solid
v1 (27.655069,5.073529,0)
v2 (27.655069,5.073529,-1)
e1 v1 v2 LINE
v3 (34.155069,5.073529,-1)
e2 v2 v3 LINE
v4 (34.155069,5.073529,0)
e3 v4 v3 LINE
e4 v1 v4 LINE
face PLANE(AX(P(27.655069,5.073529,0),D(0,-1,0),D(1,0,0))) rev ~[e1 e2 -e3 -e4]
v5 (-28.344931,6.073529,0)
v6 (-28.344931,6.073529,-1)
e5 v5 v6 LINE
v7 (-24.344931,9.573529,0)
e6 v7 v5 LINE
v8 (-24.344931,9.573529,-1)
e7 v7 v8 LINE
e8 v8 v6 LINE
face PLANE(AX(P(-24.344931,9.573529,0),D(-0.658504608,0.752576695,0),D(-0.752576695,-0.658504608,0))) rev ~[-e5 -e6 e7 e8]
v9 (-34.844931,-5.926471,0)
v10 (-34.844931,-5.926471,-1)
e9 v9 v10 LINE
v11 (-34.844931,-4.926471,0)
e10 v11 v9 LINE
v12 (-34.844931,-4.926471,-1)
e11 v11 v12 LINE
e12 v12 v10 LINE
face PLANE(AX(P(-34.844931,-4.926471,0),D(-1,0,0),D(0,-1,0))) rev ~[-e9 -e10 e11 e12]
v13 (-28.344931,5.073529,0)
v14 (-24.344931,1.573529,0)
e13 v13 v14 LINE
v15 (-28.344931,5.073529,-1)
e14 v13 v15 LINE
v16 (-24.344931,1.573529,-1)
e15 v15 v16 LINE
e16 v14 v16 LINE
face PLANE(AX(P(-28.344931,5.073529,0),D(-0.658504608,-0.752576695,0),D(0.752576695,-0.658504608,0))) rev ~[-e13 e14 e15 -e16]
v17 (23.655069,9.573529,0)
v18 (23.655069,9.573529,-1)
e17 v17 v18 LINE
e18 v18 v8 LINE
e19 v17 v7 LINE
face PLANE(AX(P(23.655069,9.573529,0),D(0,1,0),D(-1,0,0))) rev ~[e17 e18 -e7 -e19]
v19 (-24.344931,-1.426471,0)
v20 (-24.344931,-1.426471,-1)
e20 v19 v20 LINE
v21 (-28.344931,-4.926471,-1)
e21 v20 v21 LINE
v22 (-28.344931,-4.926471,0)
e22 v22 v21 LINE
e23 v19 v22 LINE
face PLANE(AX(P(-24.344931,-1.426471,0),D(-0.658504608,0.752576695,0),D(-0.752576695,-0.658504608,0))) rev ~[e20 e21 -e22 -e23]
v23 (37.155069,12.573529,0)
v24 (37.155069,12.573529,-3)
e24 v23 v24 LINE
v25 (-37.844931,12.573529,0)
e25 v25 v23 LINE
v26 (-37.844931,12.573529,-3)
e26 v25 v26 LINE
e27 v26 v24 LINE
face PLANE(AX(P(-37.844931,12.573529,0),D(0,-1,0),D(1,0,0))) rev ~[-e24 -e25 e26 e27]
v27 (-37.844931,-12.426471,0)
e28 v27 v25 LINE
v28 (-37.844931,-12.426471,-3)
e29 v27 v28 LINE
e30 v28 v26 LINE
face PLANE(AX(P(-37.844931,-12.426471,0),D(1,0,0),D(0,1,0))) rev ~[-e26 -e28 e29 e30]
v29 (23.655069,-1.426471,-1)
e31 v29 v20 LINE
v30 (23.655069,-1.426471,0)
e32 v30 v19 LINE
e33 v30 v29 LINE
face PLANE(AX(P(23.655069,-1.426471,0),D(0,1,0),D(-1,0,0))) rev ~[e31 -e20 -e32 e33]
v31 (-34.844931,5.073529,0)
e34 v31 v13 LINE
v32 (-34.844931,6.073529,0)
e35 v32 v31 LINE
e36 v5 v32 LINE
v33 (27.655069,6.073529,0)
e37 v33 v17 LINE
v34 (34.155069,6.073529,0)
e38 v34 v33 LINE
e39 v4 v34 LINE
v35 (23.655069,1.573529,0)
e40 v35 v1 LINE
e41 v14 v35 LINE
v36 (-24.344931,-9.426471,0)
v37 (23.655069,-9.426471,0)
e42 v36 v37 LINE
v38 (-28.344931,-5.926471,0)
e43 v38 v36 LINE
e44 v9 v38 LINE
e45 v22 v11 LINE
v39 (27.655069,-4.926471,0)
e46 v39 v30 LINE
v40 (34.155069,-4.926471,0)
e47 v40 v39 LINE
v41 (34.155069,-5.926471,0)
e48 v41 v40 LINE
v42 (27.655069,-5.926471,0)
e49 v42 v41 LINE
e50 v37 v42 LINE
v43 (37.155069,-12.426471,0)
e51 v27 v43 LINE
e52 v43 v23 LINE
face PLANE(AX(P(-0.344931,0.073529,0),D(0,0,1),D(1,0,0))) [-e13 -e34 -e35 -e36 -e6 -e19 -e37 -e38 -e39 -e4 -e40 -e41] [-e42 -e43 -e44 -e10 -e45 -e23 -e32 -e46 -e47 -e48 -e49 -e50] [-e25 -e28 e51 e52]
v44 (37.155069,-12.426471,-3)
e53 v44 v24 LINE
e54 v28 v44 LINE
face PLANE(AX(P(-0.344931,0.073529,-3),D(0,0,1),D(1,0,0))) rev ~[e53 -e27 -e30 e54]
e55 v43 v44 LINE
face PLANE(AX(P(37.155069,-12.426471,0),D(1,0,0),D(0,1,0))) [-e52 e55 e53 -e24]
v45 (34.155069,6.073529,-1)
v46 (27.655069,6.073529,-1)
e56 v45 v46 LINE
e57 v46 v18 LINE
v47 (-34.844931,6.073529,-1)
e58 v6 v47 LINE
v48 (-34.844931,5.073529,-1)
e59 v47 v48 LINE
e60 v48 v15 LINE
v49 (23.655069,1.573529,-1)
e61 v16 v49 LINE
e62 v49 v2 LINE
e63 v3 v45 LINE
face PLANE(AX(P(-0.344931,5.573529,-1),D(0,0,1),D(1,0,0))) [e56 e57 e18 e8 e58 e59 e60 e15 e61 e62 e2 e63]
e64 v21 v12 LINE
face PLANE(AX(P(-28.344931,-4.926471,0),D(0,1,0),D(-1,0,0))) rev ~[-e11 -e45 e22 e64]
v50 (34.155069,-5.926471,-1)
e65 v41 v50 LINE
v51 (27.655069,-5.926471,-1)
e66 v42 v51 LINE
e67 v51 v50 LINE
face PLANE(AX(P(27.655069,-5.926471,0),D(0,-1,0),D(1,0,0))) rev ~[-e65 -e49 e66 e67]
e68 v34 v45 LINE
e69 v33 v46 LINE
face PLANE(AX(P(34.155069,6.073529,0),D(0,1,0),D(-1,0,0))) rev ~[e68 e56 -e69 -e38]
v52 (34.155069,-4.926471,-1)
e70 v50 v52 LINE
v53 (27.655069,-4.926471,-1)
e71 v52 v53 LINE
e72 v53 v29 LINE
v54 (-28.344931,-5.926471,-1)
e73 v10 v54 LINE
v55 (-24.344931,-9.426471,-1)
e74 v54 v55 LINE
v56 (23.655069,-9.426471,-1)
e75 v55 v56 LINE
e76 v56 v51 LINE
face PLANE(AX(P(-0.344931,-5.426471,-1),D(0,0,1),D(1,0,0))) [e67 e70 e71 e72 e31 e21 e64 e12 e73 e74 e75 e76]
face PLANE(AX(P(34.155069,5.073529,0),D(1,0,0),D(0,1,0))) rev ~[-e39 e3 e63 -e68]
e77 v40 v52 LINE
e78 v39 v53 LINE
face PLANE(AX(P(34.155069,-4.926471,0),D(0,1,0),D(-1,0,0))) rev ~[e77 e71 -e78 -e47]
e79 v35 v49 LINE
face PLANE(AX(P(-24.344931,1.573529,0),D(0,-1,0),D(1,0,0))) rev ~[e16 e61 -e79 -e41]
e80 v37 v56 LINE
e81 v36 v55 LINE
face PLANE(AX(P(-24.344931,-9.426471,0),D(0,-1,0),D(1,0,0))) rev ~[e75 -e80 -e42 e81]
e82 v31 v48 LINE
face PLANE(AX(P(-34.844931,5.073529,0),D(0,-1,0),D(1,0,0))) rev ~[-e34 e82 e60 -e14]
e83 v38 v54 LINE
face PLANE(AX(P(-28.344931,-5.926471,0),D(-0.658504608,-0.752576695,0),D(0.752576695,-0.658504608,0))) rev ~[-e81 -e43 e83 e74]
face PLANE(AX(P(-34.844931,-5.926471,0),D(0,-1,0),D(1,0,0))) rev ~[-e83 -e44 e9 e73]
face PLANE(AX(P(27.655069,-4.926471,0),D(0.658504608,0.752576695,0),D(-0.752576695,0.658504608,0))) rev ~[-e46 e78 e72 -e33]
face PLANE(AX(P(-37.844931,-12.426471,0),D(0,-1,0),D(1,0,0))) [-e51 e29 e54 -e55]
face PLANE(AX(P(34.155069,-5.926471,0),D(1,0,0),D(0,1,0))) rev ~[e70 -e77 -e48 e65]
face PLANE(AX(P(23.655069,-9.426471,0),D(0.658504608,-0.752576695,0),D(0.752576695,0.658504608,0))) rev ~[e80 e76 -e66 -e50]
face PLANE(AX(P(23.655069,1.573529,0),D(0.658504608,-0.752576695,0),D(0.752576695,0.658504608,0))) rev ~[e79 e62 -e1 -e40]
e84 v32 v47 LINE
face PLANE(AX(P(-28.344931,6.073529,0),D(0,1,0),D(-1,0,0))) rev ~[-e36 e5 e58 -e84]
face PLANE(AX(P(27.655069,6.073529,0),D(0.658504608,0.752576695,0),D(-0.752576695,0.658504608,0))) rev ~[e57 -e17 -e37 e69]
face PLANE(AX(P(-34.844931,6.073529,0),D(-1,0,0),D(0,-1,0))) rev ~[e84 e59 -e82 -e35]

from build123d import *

# Parameters (mm, degrees)
F0_W     = 75
F0_H     = 25
F1_DEPTH = 3
F2_DEPTH = 1


with BuildPart() as f1:
    # F0 (on Top) → F1 (new body)
    with BuildSketch(Plane.XY):
        with Locations((-0.3449308872, 0.0735294118)):
            Rectangle(F0_W, F0_H)
        with BuildLine():
            ThreePointArc((-29.8784137004, -5.9264705882), (-37.3449308872, -5.4264705882), (-29.8784137004, -4.9264705882))
            Line((-29.8784137004, -4.9264705882), (-28.3449308872, -4.9264705882))
            Line((-28.3449308872, -4.9264705882), (-24.3449308872, -1.4264705882))
            Line((-24.3449308872, -1.4264705882), (23.6550691128, -1.4264705882))
            Line((23.6550691128, -1.4264705882), (27.6550691128, -4.9264705882))
            Line((27.6550691128, -4.9264705882), (29.1885519259, -4.9264705882))
            ThreePointArc((29.1885519259, -4.9264705882), (33.1556290351, -1.6848506549), (36.6550691128, -5.4264705882))
            ThreePointArc((36.6550691128, -5.4264705882), (33.1556290351, -9.1680905215), (29.1885519259, -5.9264705882))
            Line((29.1885519259, -5.9264705882), (27.6550691128, -5.9264705882))
            Line((27.6550691128, -5.9264705882), (23.6550691128, -9.4264705882))
            Line((23.6550691128, -9.4264705882), (-24.3449308872, -9.4264705882))
            Line((-24.3449308872, -9.4264705882), (-28.3449308872, -5.9264705882))
            Line((-28.3449308872, -5.9264705882), (-29.8784137004, -5.9264705882))
        make_face(mode=Mode.SUBTRACT)
        with BuildLine():
            ThreePointArc((-29.8784137004, 5.0735294118), (-37.3449308872, 5.5735294118), (-29.8784137004, 6.0735294118))
            Line((-29.8784137004, 6.0735294118), (-28.3449308872, 6.0735294118))
            Line((-28.3449308872, 6.0735294118), (-24.3449308872, 9.5735294118))
            Line((-24.3449308872, 9.5735294118), (23.6550691128, 9.5735294118))
            Line((23.6550691128, 9.5735294118), (27.6550691128, 6.0735294118))
            Line((27.6550691128, 6.0735294118), (29.1885519259, 6.0735294118))
            ThreePointArc((29.1885519259, 6.0735294118), (33.1556290351, 9.3151493451), (36.6550691128, 5.5735294118))
            ThreePointArc((36.6550691128, 5.5735294118), (33.1556290351, 1.8319094785), (29.1885519259, 5.0735294118))
            Line((29.1885519259, 5.0735294118), (27.6550691128, 5.0735294118))
            Line((27.6550691128, 5.0735294118), (23.6550691128, 1.5735294118))
            Line((23.6550691128, 1.5735294118), (-24.3449308872, 1.5735294118))
            Line((-24.3449308872, 1.5735294118), (-28.3449308872, 5.0735294118))
            Line((-28.3449308872, 5.0735294118), (-29.8784137004, 5.0735294118))
        make_face(mode=Mode.SUBTRACT)
        Polygon((-24.3449308872, -1.4264705882), (-28.3449308872, -4.9264705882), (-28.3449308872, -5.9264705882), (-24.3449308872, -9.4264705882), (23.6550691128, -9.4264705882), (27.6550691128, -5.9264705882), (27.6550691128, -4.9264705882), (23.6550691128, -1.4264705882), align=None)
        Polygon((-24.3449308872, 9.5735294118), (-28.3449308872, 6.0735294118), (-28.3449308872, 5.0735294118), (-24.3449308872, 1.5735294118), (23.6550691128, 1.5735294118), (27.6550691128, 5.0735294118), (27.6550691128, 6.0735294118), (23.6550691128, 9.5735294118), align=None)
        with BuildLine():
            ThreePointArc((36.6550691128, 5.5735294118), (33.1556290351, 9.3151493451), (29.1885519259, 6.0735294118))
            Line((29.1885519259, 6.0735294118), (31.2280181297, 6.0735294118))
            ThreePointArc((31.2280181297, 6.0735294118), (33.1577158815, 7.3051961263), (34.6550691128, 5.5735294118))
            ThreePointArc((34.6550691128, 5.5735294118), (33.1577158815, 3.8418626972), (31.2280181297, 5.0735294118))
            Line((31.2280181297, 5.0735294118), (29.1885519259, 5.0735294118))
            ThreePointArc((29.1885519259, 5.0735294118), (33.1556290351, 1.8319094785), (36.6550691128, 5.5735294118))
        make_face()
        with BuildLine():
            ThreePointArc((34.6550691128, 5.5735294118), (33.1577158815, 7.3051961263), (31.2280181297, 6.0735294118))
            Line((31.2280181297, 6.0735294118), (34.1550691128, 6.0735294118))
            Line((34.1550691128, 6.0735294118), (34.1550691128, 5.0735294118))
            Line((34.1550691128, 5.0735294118), (31.2280181297, 5.0735294118))
            ThreePointArc((31.2280181297, 5.0735294118), (33.1577158815, 3.8418626972), (34.6550691128, 5.5735294118))
        make_face()
        with BuildLine():
            Line((34.1550691128, 6.0735294118), (31.2280181297, 6.0735294118))
            ThreePointArc((31.2280181297, 6.0735294118), (31.1550691128, 5.5735294118), (31.2280181297, 5.0735294118))
            Line((31.2280181297, 5.0735294118), (34.1550691128, 5.0735294118))
            Line((34.1550691128, 5.0735294118), (34.1550691128, 6.0735294118))
        make_face()
        with BuildLine():
            Line((31.2280181297, 6.0735294118), (29.1885519259, 6.0735294118))
            ThreePointArc((29.1885519259, 6.0735294118), (29.1550691128, 5.5735294118), (29.1885519259, 5.0735294118))
            Line((29.1885519259, 5.0735294118), (31.2280181297, 5.0735294118))
            ThreePointArc((31.2280181297, 5.0735294118), (31.1550691128, 5.5735294118), (31.2280181297, 6.0735294118))
        make_face()
        with BuildLine():
            ThreePointArc((36.6550691128, -5.4264705882), (33.1556290351, -1.6848506549), (29.1885519259, -4.9264705882))
            Line((29.1885519259, -4.9264705882), (31.2280181297, -4.9264705882))
            ThreePointArc((31.2280181297, -4.9264705882), (33.1577158815, -3.6948038737), (34.6550691128, -5.4264705882))
            ThreePointArc((34.6550691128, -5.4264705882), (33.1577158815, -7.1581373028), (31.2280181297, -5.9264705882))
            Line((31.2280181297, -5.9264705882), (29.1885519259, -5.9264705882))
            ThreePointArc((29.1885519259, -5.9264705882), (33.1556290351, -9.1680905215), (36.6550691128, -5.4264705882))
        make_face()
        with BuildLine():
            ThreePointArc((34.6550691128, -5.4264705882), (33.1577158815, -3.6948038737), (31.2280181297, -4.9264705882))
            Line((31.2280181297, -4.9264705882), (34.1550691128, -4.9264705882))
            Line((34.1550691128, -4.9264705882), (34.1550691128, -5.9264705882))
            Line((34.1550691128, -5.9264705882), (31.2280181297, -5.9264705882))
            ThreePointArc((31.2280181297, -5.9264705882), (33.1577158815, -7.1581373028), (34.6550691128, -5.4264705882))
        make_face()
        with BuildLine():
            Line((34.1550691128, -4.9264705882), (31.2280181297, -4.9264705882))
            ThreePointArc((31.2280181297, -4.9264705882), (31.1550691128, -5.4264705882), (31.2280181297, -5.9264705882))
            Line((31.2280181297, -5.9264705882), (34.1550691128, -5.9264705882))
            Line((34.1550691128, -5.9264705882), (34.1550691128, -4.9264705882))
        make_face()
        with BuildLine():
            Line((31.2280181297, -4.9264705882), (29.1885519259, -4.9264705882))
            ThreePointArc((29.1885519259, -4.9264705882), (29.1550691128, -5.4264705882), (29.1885519259, -5.9264705882))
            Line((29.1885519259, -5.9264705882), (31.2280181297, -5.9264705882))
            ThreePointArc((31.2280181297, -5.9264705882), (31.1550691128, -5.4264705882), (31.2280181297, -4.9264705882))
        make_face()
        with BuildLine():
            ThreePointArc((-31.9178799041, -5.9264705882), (-35.3449308872, -5.4264705882), (-31.9178799041, -4.9264705882))
            Line((-31.9178799041, -4.9264705882), (-29.8784137004, -4.9264705882))
            ThreePointArc((-29.8784137004, -4.9264705882), (-37.3449308872, -5.4264705882), (-29.8784137004, -5.9264705882))
            Line((-29.8784137004, -5.9264705882), (-31.9178799041, -5.9264705882))
        make_face()
        with BuildLine():
            Line((-29.8784137004, -4.9264705882), (-31.9178799041, -4.9264705882))
            ThreePointArc((-31.9178799041, -4.9264705882), (-31.8632641727, -5.1738238195), (-31.8449308872, -5.4264705882))
            ThreePointArc((-31.8449308872, -5.4264705882), (-31.8632641727, -5.679117357), (-31.9178799041, -5.9264705882))
            Line((-31.9178799041, -5.9264705882), (-29.8784137004, -5.9264705882))
            ThreePointArc((-29.8784137004, -5.9264705882), (-29.8533109539, -5.6770305106), (-29.8449308872, -5.4264705882))
            ThreePointArc((-29.8449308872, -5.4264705882), (-29.8533109539, -5.1759106659), (-29.8784137004, -4.9264705882))
        make_face()
        with BuildLine():
            Line((-34.8449308872, -5.9264705882), (-34.8449308872, -4.9264705882))
            Line((-34.8449308872, -4.9264705882), (-31.9178799041, -4.9264705882))
            ThreePointArc((-31.9178799041, -4.9264705882), (-35.3449308872, -5.4264705882), (-31.9178799041, -5.9264705882))
            Line((-31.9178799041, -5.9264705882), (-34.8449308872, -5.9264705882))
        make_face()
        with BuildLine():
            Line((-31.9178799041, -4.9264705882), (-34.8449308872, -4.9264705882))
            Line((-34.8449308872, -4.9264705882), (-34.8449308872, -5.9264705882))
            Line((-34.8449308872, -5.9264705882), (-31.9178799041, -5.9264705882))
            ThreePointArc((-31.9178799041, -5.9264705882), (-31.8632641727, -5.679117357), (-31.8449308872, -5.4264705882))
            ThreePointArc((-31.8449308872, -5.4264705882), (-31.8632641727, -5.1738238195), (-31.9178799041, -4.9264705882))
        make_face()
        with BuildLine():
            ThreePointArc((-31.9178799041, 5.0735294118), (-35.3449308872, 5.5735294118), (-31.9178799041, 6.0735294118))
            Line((-31.9178799041, 6.0735294118), (-29.8784137004, 6.0735294118))
            ThreePointArc((-29.8784137004, 6.0735294118), (-37.3449308872, 5.5735294118), (-29.8784137004, 5.0735294118))
            Line((-29.8784137004, 5.0735294118), (-31.9178799041, 5.0735294118))
        make_face()
        with BuildLine():
            Line((-29.8784137004, 6.0735294118), (-31.9178799041, 6.0735294118))
            ThreePointArc((-31.9178799041, 6.0735294118), (-31.8632641727, 5.8261761805), (-31.8449308872, 5.5735294118))
            ThreePointArc((-31.8449308872, 5.5735294118), (-31.8632641727, 5.320882643), (-31.9178799041, 5.0735294118))
            Line((-31.9178799041, 5.0735294118), (-29.8784137004, 5.0735294118))
            ThreePointArc((-29.8784137004, 5.0735294118), (-29.8533109539, 5.3229694894), (-29.8449308872, 5.5735294118))
            ThreePointArc((-29.8449308872, 5.5735294118), (-29.8533109539, 5.8240893341), (-29.8784137004, 6.0735294118))
        make_face()
        with BuildLine():
            Line((-34.8449308872, 5.0735294118), (-34.8449308872, 6.0735294118))
            Line((-34.8449308872, 6.0735294118), (-31.9178799041, 6.0735294118))
            ThreePointArc((-31.9178799041, 6.0735294118), (-35.3449308872, 5.5735294118), (-31.9178799041, 5.0735294118))
            Line((-31.9178799041, 5.0735294118), (-34.8449308872, 5.0735294118))
        make_face()
        with BuildLine():
            Line((-31.9178799041, 6.0735294118), (-34.8449308872, 6.0735294118))
            Line((-34.8449308872, 6.0735294118), (-34.8449308872, 5.0735294118))
            Line((-34.8449308872, 5.0735294118), (-31.9178799041, 5.0735294118))
            ThreePointArc((-31.9178799041, 5.0735294118), (-31.8632641727, 5.320882643), (-31.8449308872, 5.5735294118))
            ThreePointArc((-31.8449308872, 5.5735294118), (-31.8632641727, 5.8261761805), (-31.9178799041, 6.0735294118))
        make_face()
        with BuildLine():
            Line((29.1885519259, 6.0735294118), (27.6550691128, 6.0735294118))
            Line((27.6550691128, 6.0735294118), (27.6550691128, 5.0735294118))
            Line((27.6550691128, 5.0735294118), (29.1885519259, 5.0735294118))
            ThreePointArc((29.1885519259, 5.0735294118), (29.1550691128, 5.5735294118), (29.1885519259, 6.0735294118))
        make_face()
        with BuildLine():
            Line((29.1885519259, -4.9264705882), (27.6550691128, -4.9264705882))
            Line((27.6550691128, -4.9264705882), (27.6550691128, -5.9264705882))
            Line((27.6550691128, -5.9264705882), (29.1885519259, -5.9264705882))
            ThreePointArc((29.1885519259, -5.9264705882), (29.1550691128, -5.4264705882), (29.1885519259, -4.9264705882))
        make_face()
        with BuildLine():
            Line((-28.3449308872, 6.0735294118), (-29.8784137004, 6.0735294118))
            ThreePointArc((-29.8784137004, 6.0735294118), (-29.8533109539, 5.8240893341), (-29.8449308872, 5.5735294118))
            ThreePointArc((-29.8449308872, 5.5735294118), (-29.8533109539, 5.3229694894), (-29.8784137004, 5.0735294118))
            Line((-29.8784137004, 5.0735294118), (-28.3449308872, 5.0735294118))
            Line((-28.3449308872, 5.0735294118), (-28.3449308872, 6.0735294118))
        make_face()
        with BuildLine():
            Line((-28.3449308872, -4.9264705882), (-29.8784137004, -4.9264705882))
            ThreePointArc((-29.8784137004, -4.9264705882), (-29.8533109539, -5.1759106659), (-29.8449308872, -5.4264705882))
            ThreePointArc((-29.8449308872, -5.4264705882), (-29.8533109539, -5.6770305106), (-29.8784137004, -5.9264705882))
            Line((-29.8784137004, -5.9264705882), (-28.3449308872, -5.9264705882))
            Line((-28.3449308872, -5.9264705882), (-28.3449308872, -4.9264705882))
        make_face()
    extrude(amount=-F1_DEPTH)

    # F0 (on Top) → F2 (cut)
    with BuildSketch(Plane.XY):
        Polygon((-24.3449308872, -1.4264705882), (-28.3449308872, -4.9264705882), (-28.3449308872, -5.9264705882), (-24.3449308872, -9.4264705882), (23.6550691128, -9.4264705882), (27.6550691128, -5.9264705882), (27.6550691128, -4.9264705882), (23.6550691128, -1.4264705882), align=None)
        Polygon((-24.3449308872, 9.5735294118), (-28.3449308872, 6.0735294118), (-28.3449308872, 5.0735294118), (-24.3449308872, 1.5735294118), (23.6550691128, 1.5735294118), (27.6550691128, 5.0735294118), (27.6550691128, 6.0735294118), (23.6550691128, 9.5735294118), align=None)
        with BuildLine():
            Line((31.2280181297, -4.9264705882), (29.1885519259, -4.9264705882))
            ThreePointArc((29.1885519259, -4.9264705882), (29.1550691128, -5.4264705882), (29.1885519259, -5.9264705882))
            Line((29.1885519259, -5.9264705882), (31.2280181297, -5.9264705882))
            ThreePointArc((31.2280181297, -5.9264705882), (31.1550691128, -5.4264705882), (31.2280181297, -4.9264705882))
        make_face()
        with BuildLine():
            Line((34.1550691128, -4.9264705882), (31.2280181297, -4.9264705882))
            ThreePointArc((31.2280181297, -4.9264705882), (31.1550691128, -5.4264705882), (31.2280181297, -5.9264705882))
            Line((31.2280181297, -5.9264705882), (34.1550691128, -5.9264705882))
            Line((34.1550691128, -5.9264705882), (34.1550691128, -4.9264705882))
        make_face()
        with BuildLine():
            Line((31.2280181297, 6.0735294118), (29.1885519259, 6.0735294118))
            ThreePointArc((29.1885519259, 6.0735294118), (29.1550691128, 5.5735294118), (29.1885519259, 5.0735294118))
            Line((29.1885519259, 5.0735294118), (31.2280181297, 5.0735294118))
            ThreePointArc((31.2280181297, 5.0735294118), (31.1550691128, 5.5735294118), (31.2280181297, 6.0735294118))
        make_face()
        with BuildLine():
            Line((34.1550691128, 6.0735294118), (31.2280181297, 6.0735294118))
            ThreePointArc((31.2280181297, 6.0735294118), (31.1550691128, 5.5735294118), (31.2280181297, 5.0735294118))
            Line((31.2280181297, 5.0735294118), (34.1550691128, 5.0735294118))
            Line((34.1550691128, 5.0735294118), (34.1550691128, 6.0735294118))
        make_face()
        with BuildLine():
            Line((-31.9178799041, -4.9264705882), (-34.8449308872, -4.9264705882))
            Line((-34.8449308872, -4.9264705882), (-34.8449308872, -5.9264705882))
            Line((-34.8449308872, -5.9264705882), (-31.9178799041, -5.9264705882))
            ThreePointArc((-31.9178799041, -5.9264705882), (-31.8632641727, -5.679117357), (-31.8449308872, -5.4264705882))
            ThreePointArc((-31.8449308872, -5.4264705882), (-31.8632641727, -5.1738238195), (-31.9178799041, -4.9264705882))
        make_face()
        with BuildLine():
            Line((-29.8784137004, -4.9264705882), (-31.9178799041, -4.9264705882))
            ThreePointArc((-31.9178799041, -4.9264705882), (-31.8632641727, -5.1738238195), (-31.8449308872, -5.4264705882))
            ThreePointArc((-31.8449308872, -5.4264705882), (-31.8632641727, -5.679117357), (-31.9178799041, -5.9264705882))
            Line((-31.9178799041, -5.9264705882), (-29.8784137004, -5.9264705882))
            ThreePointArc((-29.8784137004, -5.9264705882), (-29.8533109539, -5.6770305106), (-29.8449308872, -5.4264705882))
            ThreePointArc((-29.8449308872, -5.4264705882), (-29.8533109539, -5.1759106659), (-29.8784137004, -4.9264705882))
        make_face()
        with BuildLine():
            Line((-29.8784137004, 6.0735294118), (-31.9178799041, 6.0735294118))
            ThreePointArc((-31.9178799041, 6.0735294118), (-31.8632641727, 5.8261761805), (-31.8449308872, 5.5735294118))
            ThreePointArc((-31.8449308872, 5.5735294118), (-31.8632641727, 5.320882643), (-31.9178799041, 5.0735294118))
            Line((-31.9178799041, 5.0735294118), (-29.8784137004, 5.0735294118))
            ThreePointArc((-29.8784137004, 5.0735294118), (-29.8533109539, 5.3229694894), (-29.8449308872, 5.5735294118))
            ThreePointArc((-29.8449308872, 5.5735294118), (-29.8533109539, 5.8240893341), (-29.8784137004, 6.0735294118))
        make_face()
        with BuildLine():
            Line((-31.9178799041, 6.0735294118), (-34.8449308872, 6.0735294118))
            Line((-34.8449308872, 6.0735294118), (-34.8449308872, 5.0735294118))
            Line((-34.8449308872, 5.0735294118), (-31.9178799041, 5.0735294118))
            ThreePointArc((-31.9178799041, 5.0735294118), (-31.8632641727, 5.320882643), (-31.8449308872, 5.5735294118))
            ThreePointArc((-31.8449308872, 5.5735294118), (-31.8632641727, 5.8261761805), (-31.9178799041, 6.0735294118))
        make_face()
        with BuildLine():
            Line((-28.3449308872, 6.0735294118), (-29.8784137004, 6.0735294118))
            ThreePointArc((-29.8784137004, 6.0735294118), (-29.8533109539, 5.8240893341), (-29.8449308872, 5.5735294118))
            ThreePointArc((-29.8449308872, 5.5735294118), (-29.8533109539, 5.3229694894), (-29.8784137004, 5.0735294118))
            Line((-29.8784137004, 5.0735294118), (-28.3449308872, 5.0735294118))
            Line((-28.3449308872, 5.0735294118), (-28.3449308872, 6.0735294118))
        make_face()
        with BuildLine():
            Line((-28.3449308872, -4.9264705882), (-29.8784137004, -4.9264705882))
            ThreePointArc((-29.8784137004, -4.9264705882), (-29.8533109539, -5.1759106659), (-29.8449308872, -5.4264705882))
            ThreePointArc((-29.8449308872, -5.4264705882), (-29.8533109539, -5.6770305106), (-29.8784137004, -5.9264705882))
            Line((-29.8784137004, -5.9264705882), (-28.3449308872, -5.9264705882))
            Line((-28.3449308872, -5.9264705882), (-28.3449308872, -4.9264705882))
        make_face()
        with BuildLine():
            Line((29.1885519259, 6.0735294118), (27.6550691128, 6.0735294118))
            Line((27.6550691128, 6.0735294118), (27.6550691128, 5.0735294118))
            Line((27.6550691128, 5.0735294118), (29.1885519259, 5.0735294118))
            ThreePointArc((29.1885519259, 5.0735294118), (29.1550691128, 5.5735294118), (29.1885519259, 6.0735294118))
        make_face()
        with BuildLine():
            Line((29.1885519259, -4.9264705882), (27.6550691128, -4.9264705882))
            Line((27.6550691128, -4.9264705882), (27.6550691128, -5.9264705882))
            Line((27.6550691128, -5.9264705882), (29.1885519259, -5.9264705882))
            ThreePointArc((29.1885519259, -5.9264705882), (29.1550691128, -5.4264705882), (29.1885519259, -4.9264705882))
        make_face()
    extrude(amount=-F2_DEPTH, mode=Mode.SUBTRACT)


solid = f1.part
